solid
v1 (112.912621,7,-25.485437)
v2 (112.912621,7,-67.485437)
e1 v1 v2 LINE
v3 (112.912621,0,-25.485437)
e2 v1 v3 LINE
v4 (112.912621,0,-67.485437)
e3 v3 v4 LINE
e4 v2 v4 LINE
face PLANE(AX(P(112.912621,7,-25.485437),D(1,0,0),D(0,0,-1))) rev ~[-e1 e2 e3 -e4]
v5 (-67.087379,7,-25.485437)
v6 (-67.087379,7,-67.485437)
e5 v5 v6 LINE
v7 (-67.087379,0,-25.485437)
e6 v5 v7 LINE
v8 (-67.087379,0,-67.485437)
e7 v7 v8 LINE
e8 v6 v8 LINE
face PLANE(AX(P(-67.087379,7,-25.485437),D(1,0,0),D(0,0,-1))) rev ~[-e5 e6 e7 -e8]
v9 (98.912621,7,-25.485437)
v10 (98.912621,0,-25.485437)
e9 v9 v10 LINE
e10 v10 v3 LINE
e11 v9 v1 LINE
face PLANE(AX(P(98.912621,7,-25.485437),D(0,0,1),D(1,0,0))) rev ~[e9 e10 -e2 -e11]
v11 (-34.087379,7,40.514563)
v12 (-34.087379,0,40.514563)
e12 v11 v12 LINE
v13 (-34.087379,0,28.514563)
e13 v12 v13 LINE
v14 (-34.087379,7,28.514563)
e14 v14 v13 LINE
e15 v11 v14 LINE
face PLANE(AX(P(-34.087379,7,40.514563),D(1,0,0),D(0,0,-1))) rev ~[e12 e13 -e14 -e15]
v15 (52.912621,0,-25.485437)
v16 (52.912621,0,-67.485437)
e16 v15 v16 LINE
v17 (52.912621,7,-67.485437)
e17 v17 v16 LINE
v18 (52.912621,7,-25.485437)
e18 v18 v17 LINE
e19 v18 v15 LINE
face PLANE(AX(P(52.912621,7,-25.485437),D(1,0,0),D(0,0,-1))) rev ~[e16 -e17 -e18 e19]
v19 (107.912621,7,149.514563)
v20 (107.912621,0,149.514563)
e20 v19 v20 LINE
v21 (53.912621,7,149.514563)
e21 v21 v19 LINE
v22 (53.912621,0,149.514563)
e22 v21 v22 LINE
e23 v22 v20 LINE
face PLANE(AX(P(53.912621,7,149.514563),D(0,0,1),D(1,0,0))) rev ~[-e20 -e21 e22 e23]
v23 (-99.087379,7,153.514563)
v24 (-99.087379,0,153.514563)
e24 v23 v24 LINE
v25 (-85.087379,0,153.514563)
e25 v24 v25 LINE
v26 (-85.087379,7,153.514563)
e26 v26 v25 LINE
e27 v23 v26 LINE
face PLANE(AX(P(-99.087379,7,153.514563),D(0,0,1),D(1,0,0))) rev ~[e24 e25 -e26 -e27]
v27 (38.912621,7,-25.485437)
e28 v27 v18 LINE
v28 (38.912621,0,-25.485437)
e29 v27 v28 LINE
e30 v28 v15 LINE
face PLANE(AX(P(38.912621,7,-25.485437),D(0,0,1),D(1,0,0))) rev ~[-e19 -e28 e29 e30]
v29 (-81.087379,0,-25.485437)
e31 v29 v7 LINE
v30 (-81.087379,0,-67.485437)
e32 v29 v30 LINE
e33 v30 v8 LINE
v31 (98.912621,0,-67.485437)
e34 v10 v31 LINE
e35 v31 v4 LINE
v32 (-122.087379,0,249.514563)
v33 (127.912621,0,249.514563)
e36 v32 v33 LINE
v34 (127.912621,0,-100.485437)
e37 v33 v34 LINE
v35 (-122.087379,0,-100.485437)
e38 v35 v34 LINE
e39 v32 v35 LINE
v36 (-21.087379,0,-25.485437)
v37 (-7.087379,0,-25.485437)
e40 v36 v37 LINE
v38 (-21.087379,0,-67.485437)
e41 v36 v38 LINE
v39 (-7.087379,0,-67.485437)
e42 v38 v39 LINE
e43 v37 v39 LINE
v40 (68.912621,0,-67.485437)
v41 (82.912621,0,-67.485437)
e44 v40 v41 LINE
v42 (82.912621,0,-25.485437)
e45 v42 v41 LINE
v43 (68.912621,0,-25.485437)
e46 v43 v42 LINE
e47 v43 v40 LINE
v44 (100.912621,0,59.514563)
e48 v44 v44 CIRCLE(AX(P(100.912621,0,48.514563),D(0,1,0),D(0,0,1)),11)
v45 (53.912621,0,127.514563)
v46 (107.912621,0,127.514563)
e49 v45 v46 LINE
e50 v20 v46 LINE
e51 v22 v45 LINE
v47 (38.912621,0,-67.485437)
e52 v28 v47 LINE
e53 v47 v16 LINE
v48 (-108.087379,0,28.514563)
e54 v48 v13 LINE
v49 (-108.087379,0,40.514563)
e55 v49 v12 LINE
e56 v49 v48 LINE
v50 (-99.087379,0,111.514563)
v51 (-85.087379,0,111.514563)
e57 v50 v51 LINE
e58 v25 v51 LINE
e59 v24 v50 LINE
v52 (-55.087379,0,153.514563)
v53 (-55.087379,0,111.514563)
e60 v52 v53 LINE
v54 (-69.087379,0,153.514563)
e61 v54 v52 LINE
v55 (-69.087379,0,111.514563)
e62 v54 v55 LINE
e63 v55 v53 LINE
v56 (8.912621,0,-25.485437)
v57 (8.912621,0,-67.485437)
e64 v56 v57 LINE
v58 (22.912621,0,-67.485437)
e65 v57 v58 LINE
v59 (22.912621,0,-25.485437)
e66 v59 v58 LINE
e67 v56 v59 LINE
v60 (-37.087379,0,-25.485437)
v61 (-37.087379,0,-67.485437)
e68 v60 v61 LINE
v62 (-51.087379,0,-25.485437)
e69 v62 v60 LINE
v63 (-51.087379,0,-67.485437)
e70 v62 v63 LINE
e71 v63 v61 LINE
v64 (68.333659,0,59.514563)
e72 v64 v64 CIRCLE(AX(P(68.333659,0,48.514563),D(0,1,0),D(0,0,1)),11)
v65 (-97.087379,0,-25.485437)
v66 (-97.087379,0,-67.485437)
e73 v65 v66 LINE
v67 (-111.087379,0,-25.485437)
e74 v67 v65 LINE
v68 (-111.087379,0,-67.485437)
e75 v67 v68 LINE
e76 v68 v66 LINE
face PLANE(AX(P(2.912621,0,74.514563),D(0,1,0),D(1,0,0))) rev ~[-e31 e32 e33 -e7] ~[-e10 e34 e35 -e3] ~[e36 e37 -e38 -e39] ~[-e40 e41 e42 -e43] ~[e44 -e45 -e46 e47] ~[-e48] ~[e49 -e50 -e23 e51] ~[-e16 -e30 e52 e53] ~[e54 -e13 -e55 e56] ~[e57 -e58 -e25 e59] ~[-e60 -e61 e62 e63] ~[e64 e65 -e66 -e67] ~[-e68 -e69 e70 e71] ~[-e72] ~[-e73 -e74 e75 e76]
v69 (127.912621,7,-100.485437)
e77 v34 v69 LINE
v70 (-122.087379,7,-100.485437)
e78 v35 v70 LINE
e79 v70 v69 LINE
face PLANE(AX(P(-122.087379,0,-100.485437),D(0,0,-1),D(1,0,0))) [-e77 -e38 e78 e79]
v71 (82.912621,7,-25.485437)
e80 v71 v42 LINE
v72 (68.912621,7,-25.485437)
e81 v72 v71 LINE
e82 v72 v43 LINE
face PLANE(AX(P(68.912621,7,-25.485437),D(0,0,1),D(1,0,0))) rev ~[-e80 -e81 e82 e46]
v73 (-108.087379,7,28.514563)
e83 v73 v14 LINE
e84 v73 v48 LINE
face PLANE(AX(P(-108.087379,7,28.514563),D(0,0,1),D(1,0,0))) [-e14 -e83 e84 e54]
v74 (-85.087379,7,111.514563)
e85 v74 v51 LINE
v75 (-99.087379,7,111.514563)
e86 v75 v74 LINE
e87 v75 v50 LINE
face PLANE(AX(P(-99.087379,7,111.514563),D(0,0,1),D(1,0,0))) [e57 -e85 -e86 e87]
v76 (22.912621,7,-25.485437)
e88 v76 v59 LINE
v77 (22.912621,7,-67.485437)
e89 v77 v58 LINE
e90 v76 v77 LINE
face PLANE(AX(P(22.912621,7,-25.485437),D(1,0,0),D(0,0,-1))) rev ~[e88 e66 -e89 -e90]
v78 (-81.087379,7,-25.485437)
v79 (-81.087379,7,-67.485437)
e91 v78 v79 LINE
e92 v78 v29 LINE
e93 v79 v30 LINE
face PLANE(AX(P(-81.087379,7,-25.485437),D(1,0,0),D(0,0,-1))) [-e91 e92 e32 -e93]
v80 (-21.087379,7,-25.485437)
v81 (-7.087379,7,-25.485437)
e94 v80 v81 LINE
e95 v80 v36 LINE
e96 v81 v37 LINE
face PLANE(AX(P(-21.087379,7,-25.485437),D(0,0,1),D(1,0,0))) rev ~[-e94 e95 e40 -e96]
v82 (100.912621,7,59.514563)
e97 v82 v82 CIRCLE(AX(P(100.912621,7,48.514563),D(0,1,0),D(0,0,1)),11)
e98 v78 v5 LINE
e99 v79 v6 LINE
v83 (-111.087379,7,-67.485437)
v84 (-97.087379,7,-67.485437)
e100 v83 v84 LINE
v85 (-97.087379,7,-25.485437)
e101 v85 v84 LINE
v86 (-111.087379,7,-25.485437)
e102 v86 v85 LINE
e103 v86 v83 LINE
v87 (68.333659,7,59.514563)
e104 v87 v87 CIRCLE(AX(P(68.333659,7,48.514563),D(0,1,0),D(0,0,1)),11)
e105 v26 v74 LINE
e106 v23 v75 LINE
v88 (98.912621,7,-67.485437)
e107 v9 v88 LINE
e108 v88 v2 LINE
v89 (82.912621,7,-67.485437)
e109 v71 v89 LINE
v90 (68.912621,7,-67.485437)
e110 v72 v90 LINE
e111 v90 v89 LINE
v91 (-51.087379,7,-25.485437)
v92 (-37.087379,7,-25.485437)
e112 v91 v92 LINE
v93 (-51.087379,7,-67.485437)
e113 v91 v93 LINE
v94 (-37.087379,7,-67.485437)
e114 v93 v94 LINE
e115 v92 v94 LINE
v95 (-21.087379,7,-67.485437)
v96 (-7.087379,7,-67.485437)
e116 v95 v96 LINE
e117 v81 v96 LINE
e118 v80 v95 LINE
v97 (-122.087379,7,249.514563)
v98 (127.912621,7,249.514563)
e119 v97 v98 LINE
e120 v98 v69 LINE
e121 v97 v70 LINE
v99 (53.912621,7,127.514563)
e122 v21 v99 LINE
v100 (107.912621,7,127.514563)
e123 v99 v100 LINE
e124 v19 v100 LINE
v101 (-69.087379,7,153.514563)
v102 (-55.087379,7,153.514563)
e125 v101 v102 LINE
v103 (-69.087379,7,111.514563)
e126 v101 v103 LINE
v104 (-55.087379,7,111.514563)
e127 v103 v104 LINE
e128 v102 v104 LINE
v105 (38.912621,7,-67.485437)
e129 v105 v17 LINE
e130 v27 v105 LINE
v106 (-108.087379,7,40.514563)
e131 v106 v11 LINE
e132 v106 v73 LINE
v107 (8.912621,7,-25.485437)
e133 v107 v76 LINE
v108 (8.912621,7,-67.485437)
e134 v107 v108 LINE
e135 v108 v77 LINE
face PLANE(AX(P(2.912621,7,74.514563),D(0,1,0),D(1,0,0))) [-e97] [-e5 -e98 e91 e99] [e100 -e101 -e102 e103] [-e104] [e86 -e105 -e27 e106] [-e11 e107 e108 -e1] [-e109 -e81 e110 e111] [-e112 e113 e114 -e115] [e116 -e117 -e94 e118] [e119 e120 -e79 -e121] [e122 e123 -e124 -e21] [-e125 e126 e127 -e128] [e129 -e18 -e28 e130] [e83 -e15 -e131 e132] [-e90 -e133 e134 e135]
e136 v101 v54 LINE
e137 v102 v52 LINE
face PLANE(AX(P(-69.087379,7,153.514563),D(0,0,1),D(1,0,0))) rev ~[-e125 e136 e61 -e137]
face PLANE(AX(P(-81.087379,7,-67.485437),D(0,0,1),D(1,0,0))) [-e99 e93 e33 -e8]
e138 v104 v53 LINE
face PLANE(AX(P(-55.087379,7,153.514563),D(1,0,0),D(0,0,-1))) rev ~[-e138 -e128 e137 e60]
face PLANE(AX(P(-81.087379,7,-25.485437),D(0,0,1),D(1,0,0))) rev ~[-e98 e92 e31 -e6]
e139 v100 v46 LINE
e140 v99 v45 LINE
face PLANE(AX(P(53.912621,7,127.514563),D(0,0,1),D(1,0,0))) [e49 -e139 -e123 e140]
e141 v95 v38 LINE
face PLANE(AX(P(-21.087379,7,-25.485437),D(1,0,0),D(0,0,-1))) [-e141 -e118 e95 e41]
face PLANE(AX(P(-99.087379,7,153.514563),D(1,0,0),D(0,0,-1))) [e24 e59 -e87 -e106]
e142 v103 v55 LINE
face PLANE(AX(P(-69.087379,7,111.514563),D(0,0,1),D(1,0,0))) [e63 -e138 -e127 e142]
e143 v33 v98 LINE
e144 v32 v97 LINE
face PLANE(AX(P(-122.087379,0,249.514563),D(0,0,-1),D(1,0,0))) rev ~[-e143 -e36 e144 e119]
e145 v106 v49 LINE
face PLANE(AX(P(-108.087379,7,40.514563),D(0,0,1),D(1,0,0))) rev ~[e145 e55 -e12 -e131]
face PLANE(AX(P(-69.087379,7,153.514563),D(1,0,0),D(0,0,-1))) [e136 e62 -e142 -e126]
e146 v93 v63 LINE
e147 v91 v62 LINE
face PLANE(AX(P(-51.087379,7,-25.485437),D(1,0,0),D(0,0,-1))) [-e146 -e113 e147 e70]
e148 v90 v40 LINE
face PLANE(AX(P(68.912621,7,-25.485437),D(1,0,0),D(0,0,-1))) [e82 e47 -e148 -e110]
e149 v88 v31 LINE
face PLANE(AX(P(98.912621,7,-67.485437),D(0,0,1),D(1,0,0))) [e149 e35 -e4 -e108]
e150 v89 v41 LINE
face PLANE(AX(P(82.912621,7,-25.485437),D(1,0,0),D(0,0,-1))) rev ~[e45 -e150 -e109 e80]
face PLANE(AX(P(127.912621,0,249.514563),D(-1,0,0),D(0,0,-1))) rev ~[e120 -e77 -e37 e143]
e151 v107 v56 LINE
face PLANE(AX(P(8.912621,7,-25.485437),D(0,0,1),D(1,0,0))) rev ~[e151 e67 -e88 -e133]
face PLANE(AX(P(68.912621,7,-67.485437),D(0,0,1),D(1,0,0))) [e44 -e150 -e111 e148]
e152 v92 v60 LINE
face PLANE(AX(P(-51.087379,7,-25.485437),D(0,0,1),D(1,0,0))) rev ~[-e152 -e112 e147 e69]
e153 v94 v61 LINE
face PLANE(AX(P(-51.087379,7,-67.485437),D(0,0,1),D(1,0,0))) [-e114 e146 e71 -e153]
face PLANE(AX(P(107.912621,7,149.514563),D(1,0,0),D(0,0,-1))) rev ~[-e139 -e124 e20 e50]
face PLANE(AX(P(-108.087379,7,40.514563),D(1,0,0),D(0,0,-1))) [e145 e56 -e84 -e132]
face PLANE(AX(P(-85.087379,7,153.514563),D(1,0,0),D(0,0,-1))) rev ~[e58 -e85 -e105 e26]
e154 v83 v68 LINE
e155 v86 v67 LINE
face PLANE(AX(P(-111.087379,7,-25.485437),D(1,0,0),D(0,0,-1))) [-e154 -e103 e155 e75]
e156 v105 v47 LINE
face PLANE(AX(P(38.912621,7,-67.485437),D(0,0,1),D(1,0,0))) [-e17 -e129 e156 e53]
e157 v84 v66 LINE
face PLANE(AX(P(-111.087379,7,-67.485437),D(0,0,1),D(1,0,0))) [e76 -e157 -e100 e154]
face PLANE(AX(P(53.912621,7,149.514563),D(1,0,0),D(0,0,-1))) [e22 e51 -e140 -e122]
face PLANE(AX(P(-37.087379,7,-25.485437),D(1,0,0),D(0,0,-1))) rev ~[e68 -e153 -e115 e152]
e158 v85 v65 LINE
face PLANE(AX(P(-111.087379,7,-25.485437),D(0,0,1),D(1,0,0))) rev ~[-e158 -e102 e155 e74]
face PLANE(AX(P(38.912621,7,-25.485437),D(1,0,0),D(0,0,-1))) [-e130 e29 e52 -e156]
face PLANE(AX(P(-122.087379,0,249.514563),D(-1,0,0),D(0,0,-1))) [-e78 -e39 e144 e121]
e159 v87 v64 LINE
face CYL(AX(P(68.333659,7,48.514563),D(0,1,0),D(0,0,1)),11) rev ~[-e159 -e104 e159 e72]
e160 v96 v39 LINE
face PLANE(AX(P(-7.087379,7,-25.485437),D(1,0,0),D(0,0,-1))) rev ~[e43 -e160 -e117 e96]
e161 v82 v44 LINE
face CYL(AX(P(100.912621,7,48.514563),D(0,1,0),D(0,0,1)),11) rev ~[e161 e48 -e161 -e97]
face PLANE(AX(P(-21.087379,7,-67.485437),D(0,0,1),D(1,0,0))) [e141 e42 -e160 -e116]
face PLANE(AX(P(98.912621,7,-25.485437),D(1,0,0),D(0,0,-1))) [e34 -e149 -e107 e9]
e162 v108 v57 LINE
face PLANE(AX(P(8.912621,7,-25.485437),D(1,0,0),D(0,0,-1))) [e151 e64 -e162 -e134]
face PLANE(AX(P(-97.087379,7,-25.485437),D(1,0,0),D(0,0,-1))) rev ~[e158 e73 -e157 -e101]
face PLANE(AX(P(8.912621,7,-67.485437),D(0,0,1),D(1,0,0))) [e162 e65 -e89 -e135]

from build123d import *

# Parameters (mm, degrees)
SKETCH1_W           = 250
SKETCH1_H           = 350
BOSS_EXTRUDE1_DEPTH = 7
SKETCH2_W           = 14
SKETCH2_H           = 42
CUT_EXTRUDE1_DEPTH  = 281.478441071
SKETCH3_W           = 14
SKETCH3_H           = 42
CUT_EXTRUDE2_DEPTH  = 281.478441071
SKETCH4_W           = 74
SKETCH4_H           = 12
CUT_EXTRUDE3_DEPTH  = 281.478441071
SKETCH5_W           = 54
SKETCH5_H           = 22
CUT_EXTRUDE4_DEPTH  = 281.478441071
SKETCH6_R           = 11
CUT_EXTRUDE5_DEPTH  = 281.478441071


with BuildPart() as part:
    # Sketch1 → Boss-Extrude1 (new body)
    with BuildSketch(Plane(origin=(0, 0, 0), x_dir=(1, 0, 0), z_dir=(0, 1, 0))):
        with Locations((2.912621359, -74.514563107)):
            Rectangle(SKETCH1_W, SKETCH1_H)
    extrude(amount=BOSS_EXTRUDE1_DEPTH)

    # Sketch2 → Cut-Extrude1 (cut, through all)
    with BuildSketch(Plane(origin=(0, 7, 0), x_dir=(1, 0, 0), z_dir=(0, 1, 0))):
        with Locations((-104.087378641, 46.485436893)):
            Rectangle(SKETCH2_W, SKETCH2_H)
        with Locations((-74.087378641, 46.485436893)):
            Rectangle(SKETCH2_W, SKETCH2_H)
        with Locations((-44.087378641, 46.485436893)):
            Rectangle(SKETCH2_W, SKETCH2_H)
        with Locations((-14.087378641, 46.485436893)):
            Rectangle(SKETCH2_W, SKETCH2_H)
        with Locations((15.912621359, 46.485436893)):
            Rectangle(SKETCH2_W, SKETCH2_H)
        with Locations((45.912621359, 46.485436893)):
            Rectangle(SKETCH2_W, SKETCH2_H)
        with Locations((75.912621359, 46.485436893)):
            Rectangle(SKETCH2_W, SKETCH2_H)
        with Locations((105.912621359, 46.485436893)):
            Rectangle(SKETCH2_W, SKETCH2_H)
    extrude(amount=-CUT_EXTRUDE1_DEPTH, mode=Mode.SUBTRACT)

    # Sketch3 → Cut-Extrude2 (cut, through all)
    with BuildSketch(Plane(origin=(0, 7, 0), x_dir=(1, 0, 0), z_dir=(0, 1, 0))):
        with Locations((-92.087378641, -132.514563107)):
            Rectangle(SKETCH3_W, SKETCH3_H)
        with Locations((-62.087378641, -132.514563107)):
            Rectangle(SKETCH3_W, SKETCH3_H)
    extrude(amount=-CUT_EXTRUDE2_DEPTH, mode=Mode.SUBTRACT)

    # Sketch4 → Cut-Extrude3 (cut, through all)
    with BuildSketch(Plane(origin=(0, 7, 0), x_dir=(1, 0, 0), z_dir=(0, 1, 0))):
        with Locations((-71.087378641, -34.514563107)):
            Rectangle(SKETCH4_W, SKETCH4_H)
    extrude(amount=-CUT_EXTRUDE3_DEPTH, mode=Mode.SUBTRACT)

    # Sketch5 → Cut-Extrude4 (cut, through all)
    with BuildSketch(Plane(origin=(0, 7, 0), x_dir=(1, 0, 0), z_dir=(0, 1, 0))):
        with Locations((80.912621359, -138.514563107)):
            Rectangle(SKETCH5_W, SKETCH5_H)
    extrude(amount=-CUT_EXTRUDE4_DEPTH, mode=Mode.SUBTRACT)

    # Sketch6 → Cut-Extrude5 (cut, through all)
    with BuildSketch(Plane(origin=(0, 7, 0), x_dir=(1, 0, 0), z_dir=(0, 1, 0))):
        with Locations(Location((100.912621359, -48.514563107, 0), (0, 0, 270))):
            Circle(SKETCH6_R)
        with Locations(Location((68.333659496, -48.514563107, 0), (0, 0, 270))):
            Circle(SKETCH6_R)
    extrude(amount=-CUT_EXTRUDE5_DEPTH, mode=Mode.SUBTRACT)


solid = part.part
